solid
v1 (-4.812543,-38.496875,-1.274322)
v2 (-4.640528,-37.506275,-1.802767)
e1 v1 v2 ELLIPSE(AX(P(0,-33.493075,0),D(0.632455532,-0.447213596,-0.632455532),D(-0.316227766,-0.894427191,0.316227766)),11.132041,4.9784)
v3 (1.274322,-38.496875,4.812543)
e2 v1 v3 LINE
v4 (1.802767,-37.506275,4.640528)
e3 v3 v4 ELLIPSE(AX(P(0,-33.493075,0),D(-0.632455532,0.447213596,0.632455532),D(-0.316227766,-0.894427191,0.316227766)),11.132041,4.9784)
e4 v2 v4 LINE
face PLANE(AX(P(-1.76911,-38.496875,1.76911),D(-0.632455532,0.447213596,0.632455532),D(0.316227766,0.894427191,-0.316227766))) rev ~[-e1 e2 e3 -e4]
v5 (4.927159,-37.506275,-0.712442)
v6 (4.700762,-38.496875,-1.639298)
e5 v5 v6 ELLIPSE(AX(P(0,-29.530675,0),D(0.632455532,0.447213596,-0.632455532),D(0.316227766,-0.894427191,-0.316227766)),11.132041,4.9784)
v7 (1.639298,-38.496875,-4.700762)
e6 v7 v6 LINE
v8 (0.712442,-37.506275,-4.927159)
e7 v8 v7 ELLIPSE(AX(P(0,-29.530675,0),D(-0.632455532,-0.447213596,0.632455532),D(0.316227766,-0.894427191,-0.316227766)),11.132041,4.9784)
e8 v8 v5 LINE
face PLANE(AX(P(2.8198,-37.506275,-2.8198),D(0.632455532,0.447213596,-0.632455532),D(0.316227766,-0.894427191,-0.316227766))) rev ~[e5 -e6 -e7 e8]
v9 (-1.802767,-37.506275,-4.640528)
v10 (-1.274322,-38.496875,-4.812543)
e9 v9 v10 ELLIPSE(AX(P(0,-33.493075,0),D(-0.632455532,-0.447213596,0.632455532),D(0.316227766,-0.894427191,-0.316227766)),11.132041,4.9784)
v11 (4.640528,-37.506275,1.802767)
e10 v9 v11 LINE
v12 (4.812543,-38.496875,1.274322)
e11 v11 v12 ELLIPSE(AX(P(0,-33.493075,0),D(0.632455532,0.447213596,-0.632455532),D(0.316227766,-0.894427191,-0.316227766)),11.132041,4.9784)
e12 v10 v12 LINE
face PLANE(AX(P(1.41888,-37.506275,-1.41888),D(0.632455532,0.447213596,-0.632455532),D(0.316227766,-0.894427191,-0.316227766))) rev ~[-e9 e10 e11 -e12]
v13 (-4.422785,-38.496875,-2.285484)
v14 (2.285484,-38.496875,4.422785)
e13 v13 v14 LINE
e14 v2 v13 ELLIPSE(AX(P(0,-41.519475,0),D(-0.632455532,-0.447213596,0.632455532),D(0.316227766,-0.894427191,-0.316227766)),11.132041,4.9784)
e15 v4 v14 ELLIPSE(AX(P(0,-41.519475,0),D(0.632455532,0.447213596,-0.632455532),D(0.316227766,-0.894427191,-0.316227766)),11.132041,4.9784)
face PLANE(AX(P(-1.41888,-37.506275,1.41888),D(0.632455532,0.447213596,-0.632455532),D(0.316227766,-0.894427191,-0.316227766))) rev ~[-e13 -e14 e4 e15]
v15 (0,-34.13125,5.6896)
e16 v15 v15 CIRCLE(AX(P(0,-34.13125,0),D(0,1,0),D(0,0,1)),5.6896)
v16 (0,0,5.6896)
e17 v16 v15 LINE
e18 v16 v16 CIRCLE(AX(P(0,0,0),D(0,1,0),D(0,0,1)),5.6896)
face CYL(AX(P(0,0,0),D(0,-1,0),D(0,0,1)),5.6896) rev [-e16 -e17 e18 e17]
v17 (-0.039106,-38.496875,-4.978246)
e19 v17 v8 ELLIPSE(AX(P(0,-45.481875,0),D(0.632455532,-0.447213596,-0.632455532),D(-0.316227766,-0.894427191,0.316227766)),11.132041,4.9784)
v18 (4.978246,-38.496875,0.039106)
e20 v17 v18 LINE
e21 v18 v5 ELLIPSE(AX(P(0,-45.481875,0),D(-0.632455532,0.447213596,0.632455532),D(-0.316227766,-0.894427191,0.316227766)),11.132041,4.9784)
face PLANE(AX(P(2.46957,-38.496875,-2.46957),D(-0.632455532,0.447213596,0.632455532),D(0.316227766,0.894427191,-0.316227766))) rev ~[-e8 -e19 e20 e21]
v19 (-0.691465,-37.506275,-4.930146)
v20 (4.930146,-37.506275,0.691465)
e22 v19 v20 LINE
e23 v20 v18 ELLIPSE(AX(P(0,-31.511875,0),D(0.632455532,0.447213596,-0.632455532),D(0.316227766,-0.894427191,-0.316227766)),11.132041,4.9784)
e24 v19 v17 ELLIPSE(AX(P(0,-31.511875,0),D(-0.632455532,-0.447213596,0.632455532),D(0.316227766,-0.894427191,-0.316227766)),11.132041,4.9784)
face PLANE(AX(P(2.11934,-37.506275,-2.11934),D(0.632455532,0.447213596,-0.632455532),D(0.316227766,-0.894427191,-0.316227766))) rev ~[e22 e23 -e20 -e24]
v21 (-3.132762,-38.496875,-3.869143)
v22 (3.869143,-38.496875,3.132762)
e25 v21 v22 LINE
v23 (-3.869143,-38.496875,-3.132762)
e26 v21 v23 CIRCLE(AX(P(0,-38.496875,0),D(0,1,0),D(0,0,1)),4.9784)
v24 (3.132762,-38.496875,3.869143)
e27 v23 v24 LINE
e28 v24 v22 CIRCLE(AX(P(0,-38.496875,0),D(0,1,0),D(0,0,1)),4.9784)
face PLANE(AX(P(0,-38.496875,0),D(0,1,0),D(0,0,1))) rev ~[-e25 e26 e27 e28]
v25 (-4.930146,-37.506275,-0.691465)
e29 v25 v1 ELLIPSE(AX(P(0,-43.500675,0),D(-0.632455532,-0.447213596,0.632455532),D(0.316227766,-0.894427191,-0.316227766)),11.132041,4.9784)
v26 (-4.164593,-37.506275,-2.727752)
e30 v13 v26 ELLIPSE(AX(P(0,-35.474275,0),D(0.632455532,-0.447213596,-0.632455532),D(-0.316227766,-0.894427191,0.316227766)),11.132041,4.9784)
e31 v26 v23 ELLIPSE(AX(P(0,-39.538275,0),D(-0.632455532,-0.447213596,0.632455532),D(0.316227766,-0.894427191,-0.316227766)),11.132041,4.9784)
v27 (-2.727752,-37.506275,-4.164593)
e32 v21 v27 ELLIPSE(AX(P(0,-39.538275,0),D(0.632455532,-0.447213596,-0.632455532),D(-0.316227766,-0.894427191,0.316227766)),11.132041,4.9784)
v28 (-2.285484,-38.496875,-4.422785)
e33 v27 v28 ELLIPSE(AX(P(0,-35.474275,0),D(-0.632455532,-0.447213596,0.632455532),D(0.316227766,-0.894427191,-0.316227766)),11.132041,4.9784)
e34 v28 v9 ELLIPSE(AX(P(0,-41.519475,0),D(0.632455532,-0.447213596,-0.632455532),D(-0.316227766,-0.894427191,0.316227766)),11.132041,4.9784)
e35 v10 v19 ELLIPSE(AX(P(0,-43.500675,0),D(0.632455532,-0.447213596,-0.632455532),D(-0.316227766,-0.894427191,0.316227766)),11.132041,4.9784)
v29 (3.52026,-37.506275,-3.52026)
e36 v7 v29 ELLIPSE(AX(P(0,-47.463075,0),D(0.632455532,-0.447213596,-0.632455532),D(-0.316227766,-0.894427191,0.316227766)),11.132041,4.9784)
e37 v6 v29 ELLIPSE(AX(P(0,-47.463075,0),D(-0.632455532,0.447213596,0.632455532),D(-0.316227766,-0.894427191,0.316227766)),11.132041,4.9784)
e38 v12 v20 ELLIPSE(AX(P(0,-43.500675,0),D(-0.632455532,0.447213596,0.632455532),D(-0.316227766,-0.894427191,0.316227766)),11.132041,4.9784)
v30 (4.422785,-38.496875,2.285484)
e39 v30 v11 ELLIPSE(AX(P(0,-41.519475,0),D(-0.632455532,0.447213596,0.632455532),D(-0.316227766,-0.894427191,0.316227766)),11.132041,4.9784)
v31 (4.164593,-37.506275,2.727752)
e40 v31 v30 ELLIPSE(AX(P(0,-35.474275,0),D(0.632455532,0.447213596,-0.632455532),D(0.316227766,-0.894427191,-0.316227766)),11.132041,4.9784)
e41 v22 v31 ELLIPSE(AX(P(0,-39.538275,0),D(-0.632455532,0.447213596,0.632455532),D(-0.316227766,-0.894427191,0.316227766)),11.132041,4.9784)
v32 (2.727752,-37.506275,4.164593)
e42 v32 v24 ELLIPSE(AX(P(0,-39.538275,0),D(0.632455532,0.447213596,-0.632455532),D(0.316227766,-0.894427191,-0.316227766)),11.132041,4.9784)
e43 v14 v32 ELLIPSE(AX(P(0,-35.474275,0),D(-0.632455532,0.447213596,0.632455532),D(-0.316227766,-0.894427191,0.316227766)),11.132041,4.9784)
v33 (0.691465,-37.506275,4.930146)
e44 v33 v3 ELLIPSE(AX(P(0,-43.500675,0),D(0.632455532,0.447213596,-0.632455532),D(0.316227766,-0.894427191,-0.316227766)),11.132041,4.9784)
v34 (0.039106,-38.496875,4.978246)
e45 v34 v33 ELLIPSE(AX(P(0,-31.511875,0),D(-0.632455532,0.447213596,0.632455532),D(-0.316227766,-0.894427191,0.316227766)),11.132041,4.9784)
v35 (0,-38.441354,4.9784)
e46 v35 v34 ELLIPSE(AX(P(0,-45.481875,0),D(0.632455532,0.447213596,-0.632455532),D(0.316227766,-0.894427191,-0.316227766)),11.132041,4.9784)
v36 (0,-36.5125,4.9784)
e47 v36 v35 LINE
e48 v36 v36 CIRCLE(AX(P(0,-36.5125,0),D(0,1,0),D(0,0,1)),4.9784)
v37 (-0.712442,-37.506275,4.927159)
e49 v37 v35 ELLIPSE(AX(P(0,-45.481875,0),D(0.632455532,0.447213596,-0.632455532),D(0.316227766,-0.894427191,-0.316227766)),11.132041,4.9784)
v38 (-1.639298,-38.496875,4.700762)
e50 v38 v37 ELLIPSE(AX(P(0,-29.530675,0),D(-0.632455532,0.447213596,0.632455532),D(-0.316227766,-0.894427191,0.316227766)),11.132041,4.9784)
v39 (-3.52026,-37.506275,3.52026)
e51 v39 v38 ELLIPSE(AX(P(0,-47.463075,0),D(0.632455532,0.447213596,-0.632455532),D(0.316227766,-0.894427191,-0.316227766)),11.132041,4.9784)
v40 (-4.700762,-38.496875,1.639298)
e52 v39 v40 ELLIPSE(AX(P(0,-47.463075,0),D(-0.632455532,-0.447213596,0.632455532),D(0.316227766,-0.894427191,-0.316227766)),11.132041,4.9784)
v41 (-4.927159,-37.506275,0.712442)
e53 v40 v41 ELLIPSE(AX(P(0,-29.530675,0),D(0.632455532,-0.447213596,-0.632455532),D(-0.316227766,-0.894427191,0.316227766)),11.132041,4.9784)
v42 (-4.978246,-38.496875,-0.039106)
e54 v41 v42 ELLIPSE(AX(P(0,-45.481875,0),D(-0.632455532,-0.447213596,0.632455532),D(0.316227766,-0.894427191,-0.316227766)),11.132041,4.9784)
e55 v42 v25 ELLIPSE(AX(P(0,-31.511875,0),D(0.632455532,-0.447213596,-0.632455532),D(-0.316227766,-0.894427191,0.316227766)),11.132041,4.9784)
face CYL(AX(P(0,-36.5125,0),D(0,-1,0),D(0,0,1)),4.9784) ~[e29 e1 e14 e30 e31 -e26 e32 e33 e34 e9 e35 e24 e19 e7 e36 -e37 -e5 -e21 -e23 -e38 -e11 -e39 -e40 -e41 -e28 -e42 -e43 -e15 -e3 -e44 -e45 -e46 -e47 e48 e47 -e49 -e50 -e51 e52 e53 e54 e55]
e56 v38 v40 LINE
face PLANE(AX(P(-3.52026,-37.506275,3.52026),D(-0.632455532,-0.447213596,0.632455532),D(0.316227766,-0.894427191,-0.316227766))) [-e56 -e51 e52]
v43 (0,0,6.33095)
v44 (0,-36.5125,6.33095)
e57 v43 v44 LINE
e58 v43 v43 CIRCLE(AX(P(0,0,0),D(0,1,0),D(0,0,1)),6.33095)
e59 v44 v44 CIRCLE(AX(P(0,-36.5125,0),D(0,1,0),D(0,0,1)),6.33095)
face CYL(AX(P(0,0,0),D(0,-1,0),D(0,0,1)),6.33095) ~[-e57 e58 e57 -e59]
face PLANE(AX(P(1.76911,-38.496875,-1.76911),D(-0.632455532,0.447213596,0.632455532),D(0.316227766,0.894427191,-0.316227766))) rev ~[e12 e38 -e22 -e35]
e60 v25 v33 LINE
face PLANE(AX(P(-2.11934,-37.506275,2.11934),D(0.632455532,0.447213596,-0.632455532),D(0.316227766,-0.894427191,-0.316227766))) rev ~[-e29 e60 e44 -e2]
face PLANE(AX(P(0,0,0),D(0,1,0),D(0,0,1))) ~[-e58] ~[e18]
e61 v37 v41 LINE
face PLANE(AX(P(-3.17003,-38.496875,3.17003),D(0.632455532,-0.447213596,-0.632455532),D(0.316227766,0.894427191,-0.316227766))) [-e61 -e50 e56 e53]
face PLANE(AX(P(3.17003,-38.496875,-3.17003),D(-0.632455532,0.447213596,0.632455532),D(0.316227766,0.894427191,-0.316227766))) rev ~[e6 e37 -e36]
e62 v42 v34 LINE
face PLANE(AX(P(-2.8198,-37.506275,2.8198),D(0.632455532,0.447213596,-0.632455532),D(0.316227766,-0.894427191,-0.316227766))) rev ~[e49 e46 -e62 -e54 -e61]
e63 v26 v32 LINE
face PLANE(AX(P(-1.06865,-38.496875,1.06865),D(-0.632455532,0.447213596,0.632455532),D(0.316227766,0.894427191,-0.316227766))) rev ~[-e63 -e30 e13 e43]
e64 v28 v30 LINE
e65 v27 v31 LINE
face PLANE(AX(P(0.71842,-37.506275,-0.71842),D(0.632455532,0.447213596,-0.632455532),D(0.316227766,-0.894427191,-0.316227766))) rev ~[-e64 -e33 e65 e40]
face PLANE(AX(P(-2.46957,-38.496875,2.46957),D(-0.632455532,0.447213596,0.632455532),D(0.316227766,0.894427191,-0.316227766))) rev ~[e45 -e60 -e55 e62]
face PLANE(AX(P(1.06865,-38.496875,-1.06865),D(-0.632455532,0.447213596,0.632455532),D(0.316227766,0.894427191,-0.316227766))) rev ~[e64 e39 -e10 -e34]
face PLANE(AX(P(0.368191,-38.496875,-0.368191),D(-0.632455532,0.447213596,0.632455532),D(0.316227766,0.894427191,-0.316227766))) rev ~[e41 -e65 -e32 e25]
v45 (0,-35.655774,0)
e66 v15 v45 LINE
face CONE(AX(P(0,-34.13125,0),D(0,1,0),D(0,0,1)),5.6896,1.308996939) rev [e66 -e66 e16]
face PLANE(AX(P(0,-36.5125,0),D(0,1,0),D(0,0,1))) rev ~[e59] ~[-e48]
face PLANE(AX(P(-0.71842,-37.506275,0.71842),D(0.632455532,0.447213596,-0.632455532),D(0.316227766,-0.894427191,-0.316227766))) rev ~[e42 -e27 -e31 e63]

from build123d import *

# Parameters (mm, degrees)
F7_DEPTH      = 8.9543153527
F7_DEPTH_BACK = 25.4


with BuildPart() as f1:
    # F0 (on Right) → F1 (revolve)
    with BuildSketch(Plane.YZ):
        Polygon((-38.496875, 0), (0, 0), (0, 6.33095), (-36.5125, 6.33095), (-36.5125, 4.9784), (-38.496875, 4.9784), align=None)
    revolve(axis=Axis((0, 7.9408854224, 0), (0, 1, 0)))

    # F2 (on Right) → F3 (revolve, cut)
    with BuildSketch(Plane.YZ):
        Polygon((0, 5.6896), (-34.13125, 5.6896), (-35.6557737253, 0), (0, 0), align=None)
    revolve(axis=Axis((0, 5.2174264412, 0), (0, 1, 0)), mode=Mode.SUBTRACT)

    # F6 (on line) → F7 (cut, two sides)
    with BuildSketch(Plane(origin=(0, 0, 0), x_dir=(0, -1, 0), z_dir=(-0.7071067812, 0, -0.7071067812))) as f7_sk:
        Polygon((37.506275, 4.9784), (38.496875, 4.4831), (37.506275, 3.9878), (38.496875, 3.4925), (37.506275, 2.9972), (38.496875, 2.5019), (37.506275, 2.0066), (38.496875, 1.5113), (37.506275, 1.016), (38.496875, 0.5207), (38.496875, -0.5207), (37.506275, -1.016), (38.496875, -1.5113), (37.506275, -2.0066), (38.496875, -2.5019), (37.506275, -2.9972), (38.496875, -3.4925), (37.506275, -3.9878), (38.496875, -4.4831), (37.506275, -4.9784), (37.506275, -6.6715925932), (39.5995303988, -6.6715925932), (39.5995303988, 6.7129228264), (37.506275, 6.7129228264), align=None)
    extrude(amount=-F7_DEPTH, mode=Mode.SUBTRACT)
    extrude(f7_sk.sketch, amount=F7_DEPTH_BACK, mode=Mode.SUBTRACT)


solid = f1.part
